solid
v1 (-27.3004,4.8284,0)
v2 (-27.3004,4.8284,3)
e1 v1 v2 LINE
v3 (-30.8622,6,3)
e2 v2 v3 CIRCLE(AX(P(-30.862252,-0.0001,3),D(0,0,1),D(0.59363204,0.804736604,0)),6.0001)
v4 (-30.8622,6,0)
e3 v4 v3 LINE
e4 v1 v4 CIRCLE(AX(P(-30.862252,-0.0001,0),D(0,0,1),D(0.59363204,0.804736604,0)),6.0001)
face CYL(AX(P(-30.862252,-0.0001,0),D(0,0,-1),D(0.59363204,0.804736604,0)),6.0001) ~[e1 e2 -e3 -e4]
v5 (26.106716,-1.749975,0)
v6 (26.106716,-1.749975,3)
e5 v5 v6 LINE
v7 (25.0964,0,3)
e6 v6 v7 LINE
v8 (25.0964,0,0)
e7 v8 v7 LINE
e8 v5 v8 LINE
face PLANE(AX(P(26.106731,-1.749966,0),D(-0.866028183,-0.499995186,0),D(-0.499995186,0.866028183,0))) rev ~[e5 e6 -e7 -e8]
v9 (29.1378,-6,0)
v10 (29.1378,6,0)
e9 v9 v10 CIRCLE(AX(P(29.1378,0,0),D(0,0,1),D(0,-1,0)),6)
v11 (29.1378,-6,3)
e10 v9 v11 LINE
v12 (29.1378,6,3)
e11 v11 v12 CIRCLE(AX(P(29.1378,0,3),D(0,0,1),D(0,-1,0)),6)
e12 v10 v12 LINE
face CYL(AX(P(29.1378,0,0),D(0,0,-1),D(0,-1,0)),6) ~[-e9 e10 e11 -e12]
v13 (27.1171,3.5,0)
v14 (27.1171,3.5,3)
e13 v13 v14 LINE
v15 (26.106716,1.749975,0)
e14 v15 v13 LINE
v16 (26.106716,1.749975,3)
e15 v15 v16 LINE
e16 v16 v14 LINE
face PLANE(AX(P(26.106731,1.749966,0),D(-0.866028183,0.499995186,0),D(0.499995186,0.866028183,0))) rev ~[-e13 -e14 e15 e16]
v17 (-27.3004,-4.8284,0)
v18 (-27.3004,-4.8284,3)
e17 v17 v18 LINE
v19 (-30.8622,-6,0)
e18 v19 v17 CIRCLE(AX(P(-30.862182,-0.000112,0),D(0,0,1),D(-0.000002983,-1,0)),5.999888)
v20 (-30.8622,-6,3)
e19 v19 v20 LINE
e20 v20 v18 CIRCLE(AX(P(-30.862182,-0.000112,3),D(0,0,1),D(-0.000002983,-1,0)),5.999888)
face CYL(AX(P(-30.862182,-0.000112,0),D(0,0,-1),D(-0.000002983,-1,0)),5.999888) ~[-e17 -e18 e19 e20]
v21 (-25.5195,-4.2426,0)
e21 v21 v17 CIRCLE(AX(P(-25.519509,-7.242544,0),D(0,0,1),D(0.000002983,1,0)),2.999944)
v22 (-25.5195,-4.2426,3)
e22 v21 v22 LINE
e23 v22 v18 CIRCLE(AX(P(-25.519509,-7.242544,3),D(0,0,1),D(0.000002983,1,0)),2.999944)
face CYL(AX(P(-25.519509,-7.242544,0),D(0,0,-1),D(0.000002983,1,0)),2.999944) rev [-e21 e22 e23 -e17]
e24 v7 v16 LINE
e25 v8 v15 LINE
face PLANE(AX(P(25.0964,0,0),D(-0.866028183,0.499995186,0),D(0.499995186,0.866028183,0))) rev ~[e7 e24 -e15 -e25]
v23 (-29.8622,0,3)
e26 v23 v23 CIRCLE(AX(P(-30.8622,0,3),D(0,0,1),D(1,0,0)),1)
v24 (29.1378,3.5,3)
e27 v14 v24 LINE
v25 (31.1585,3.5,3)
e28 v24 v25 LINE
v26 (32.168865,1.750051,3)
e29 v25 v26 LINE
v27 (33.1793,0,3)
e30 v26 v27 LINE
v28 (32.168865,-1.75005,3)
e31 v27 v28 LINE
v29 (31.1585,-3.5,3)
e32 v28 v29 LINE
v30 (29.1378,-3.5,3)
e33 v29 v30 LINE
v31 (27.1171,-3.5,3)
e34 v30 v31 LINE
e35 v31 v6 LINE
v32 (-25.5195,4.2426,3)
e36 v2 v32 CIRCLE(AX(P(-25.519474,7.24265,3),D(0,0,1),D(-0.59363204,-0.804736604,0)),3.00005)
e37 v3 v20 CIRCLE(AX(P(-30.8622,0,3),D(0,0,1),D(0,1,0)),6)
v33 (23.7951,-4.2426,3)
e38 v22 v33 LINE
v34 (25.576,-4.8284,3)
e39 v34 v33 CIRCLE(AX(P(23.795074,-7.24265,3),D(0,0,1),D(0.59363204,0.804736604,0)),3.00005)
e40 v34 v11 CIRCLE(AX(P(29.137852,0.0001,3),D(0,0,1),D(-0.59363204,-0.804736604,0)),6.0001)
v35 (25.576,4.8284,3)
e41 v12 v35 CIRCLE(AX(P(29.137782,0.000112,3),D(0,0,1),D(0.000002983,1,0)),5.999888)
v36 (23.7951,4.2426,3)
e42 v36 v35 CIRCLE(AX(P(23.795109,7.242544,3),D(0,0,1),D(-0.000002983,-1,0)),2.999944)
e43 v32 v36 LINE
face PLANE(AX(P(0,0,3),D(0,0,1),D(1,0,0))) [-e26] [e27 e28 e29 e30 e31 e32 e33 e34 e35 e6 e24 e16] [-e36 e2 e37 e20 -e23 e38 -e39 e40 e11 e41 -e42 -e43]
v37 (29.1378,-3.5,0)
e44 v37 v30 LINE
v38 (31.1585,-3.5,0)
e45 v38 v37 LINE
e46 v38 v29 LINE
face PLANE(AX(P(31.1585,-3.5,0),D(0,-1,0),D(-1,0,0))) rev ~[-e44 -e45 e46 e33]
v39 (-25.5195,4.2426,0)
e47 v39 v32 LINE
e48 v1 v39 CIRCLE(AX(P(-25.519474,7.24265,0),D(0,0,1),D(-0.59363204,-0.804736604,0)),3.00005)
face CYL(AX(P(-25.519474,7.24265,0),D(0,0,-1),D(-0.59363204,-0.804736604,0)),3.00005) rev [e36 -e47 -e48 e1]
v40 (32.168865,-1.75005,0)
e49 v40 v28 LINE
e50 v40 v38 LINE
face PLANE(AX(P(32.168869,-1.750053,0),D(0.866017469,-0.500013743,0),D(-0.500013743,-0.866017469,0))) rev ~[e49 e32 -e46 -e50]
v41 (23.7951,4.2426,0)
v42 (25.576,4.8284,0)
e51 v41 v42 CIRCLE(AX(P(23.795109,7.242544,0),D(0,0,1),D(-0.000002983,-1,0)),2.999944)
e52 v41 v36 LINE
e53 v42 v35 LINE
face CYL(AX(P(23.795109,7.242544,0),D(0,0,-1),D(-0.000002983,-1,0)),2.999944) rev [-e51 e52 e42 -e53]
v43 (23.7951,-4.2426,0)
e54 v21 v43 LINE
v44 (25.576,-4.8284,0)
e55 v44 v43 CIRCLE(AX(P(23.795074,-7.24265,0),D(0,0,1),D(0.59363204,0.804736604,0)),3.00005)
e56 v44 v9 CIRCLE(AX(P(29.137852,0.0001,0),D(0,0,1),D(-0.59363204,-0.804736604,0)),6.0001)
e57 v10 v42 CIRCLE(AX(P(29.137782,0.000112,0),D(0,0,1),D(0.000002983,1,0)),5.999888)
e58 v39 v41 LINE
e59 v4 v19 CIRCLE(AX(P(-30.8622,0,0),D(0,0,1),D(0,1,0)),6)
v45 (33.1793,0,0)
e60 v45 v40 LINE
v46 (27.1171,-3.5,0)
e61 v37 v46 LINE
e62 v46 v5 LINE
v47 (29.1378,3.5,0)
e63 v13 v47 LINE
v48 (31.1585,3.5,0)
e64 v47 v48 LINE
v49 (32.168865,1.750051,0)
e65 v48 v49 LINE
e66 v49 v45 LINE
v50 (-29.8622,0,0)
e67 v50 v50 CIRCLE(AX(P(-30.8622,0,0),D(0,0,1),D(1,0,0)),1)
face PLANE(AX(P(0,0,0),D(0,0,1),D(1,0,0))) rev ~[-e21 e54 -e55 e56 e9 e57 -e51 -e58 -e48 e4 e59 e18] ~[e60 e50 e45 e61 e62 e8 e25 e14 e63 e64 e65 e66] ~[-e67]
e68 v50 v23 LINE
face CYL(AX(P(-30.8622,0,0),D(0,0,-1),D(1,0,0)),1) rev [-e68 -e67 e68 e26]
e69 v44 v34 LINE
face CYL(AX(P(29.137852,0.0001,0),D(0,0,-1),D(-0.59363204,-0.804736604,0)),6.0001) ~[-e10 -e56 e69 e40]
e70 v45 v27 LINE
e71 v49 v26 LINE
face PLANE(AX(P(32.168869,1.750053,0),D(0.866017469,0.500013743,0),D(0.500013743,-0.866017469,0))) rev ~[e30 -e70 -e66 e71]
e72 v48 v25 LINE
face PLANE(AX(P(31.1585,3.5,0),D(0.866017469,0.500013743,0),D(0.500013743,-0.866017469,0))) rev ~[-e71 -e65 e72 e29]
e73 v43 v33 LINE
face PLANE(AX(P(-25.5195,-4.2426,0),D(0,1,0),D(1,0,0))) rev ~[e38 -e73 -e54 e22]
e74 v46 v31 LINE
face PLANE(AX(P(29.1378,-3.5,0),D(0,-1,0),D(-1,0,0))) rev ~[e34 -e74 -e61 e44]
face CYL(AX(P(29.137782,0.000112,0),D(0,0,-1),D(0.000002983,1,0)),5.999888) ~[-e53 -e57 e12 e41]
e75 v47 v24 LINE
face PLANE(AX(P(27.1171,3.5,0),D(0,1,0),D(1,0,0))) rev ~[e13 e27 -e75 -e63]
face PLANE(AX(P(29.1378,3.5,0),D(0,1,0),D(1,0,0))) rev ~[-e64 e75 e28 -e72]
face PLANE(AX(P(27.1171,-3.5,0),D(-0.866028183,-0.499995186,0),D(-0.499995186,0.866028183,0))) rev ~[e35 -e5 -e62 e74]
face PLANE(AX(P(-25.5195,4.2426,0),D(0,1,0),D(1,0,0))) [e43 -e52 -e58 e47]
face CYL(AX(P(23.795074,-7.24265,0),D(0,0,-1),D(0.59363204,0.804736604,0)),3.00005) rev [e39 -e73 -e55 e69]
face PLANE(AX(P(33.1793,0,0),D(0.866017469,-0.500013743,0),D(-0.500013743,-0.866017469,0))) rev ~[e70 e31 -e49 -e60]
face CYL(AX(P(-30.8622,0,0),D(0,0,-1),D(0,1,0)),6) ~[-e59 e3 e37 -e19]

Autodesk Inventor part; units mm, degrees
ref_plane "YZ Plane" through (0, 0, 0) normal (1, 0, 0) x (0, 1, 0)
ref_plane "XZ Plane" through (0, 0, 0) normal (0, 1, 0) x (-1, 0, 0)
ref_plane "XY Plane" through (0, 0, 0) normal (0, 0, 1) x (1, 0, 0)
sketch "Sketch1" plane through (0, 0, 0) normal (0, 0, 1) x (1, 0, 0)
  circle A0 centre (29.1378, 0) radius 3.5
  arc A1 (-30.8622, 6) -> (-30.8622, -6) centre (-30.8622, 0) ccw
  arc A2 (29.1378, -6) -> (29.1378, 6) centre (29.1378, 0) ccw
  arc A3 (-30.8622, -6) -> (-27.3004, -4.8284) centre (-30.8622, 0) ccw
  line L0 (-30.8622, 0) -> (-26.6195, -4.2426) construction
  line L1 (-30.8622, 0) -> (-30.8622, -6) construction
  arc A4 (-27.3004, 4.8284) -> (-30.8622, 6) centre (-30.8622, 0) ccw
  line L2 (-30.8622, 0) -> (-26.6195, 4.2426) construction
  line L3 (-30.8622, 0) -> (-30.8622, 6) construction
  arc A5 (29.1378, 6) -> (25.576, 4.8284) centre (29.1378, 0) ccw
  line L4 (29.1378, 0) -> (24.8952, 4.2426) construction
  line L5 (29.1378, 0) -> (29.1378, 6) construction
  arc A6 (25.576, -4.8284) -> (29.1378, -6) centre (29.1378, 0) ccw
  line L6 (29.1378, 0) -> (24.8952, -4.2426) construction
  line L7 (29.1378, 0) -> (29.1378, -6) construction
  line L8 (-25.5195, 4.2426) -> (23.7951, 4.2426)
  line L9 (-25.5195, -4.2426) -> (23.7951, -4.2426)
  arc A7 (-27.3004, 4.8284) -> (-25.5195, 4.2426) centre (-25.5195, 7.2426) ccw
  arc A8 (-25.5195, -4.2426) -> (-27.3004, -4.8284) centre (-25.5195, -7.2426) ccw
  arc A9 (23.7951, 4.2426) -> (25.576, 4.8284) centre (23.7951, 7.2426) ccw
  arc A10 (25.576, -4.8284) -> (23.7951, -4.2426) centre (23.7951, -7.2426) ccw
  line L10 (33.1793, 0) -> (31.1585, -3.5)
  line L11 (31.1585, -3.5) -> (27.1171, -3.5)
  line L12 (27.1171, -3.5) -> (25.0964, 0)
  line L13 (25.0964, 0) -> (27.1171, 3.5)
  line L14 (27.1171, 3.5) -> (31.1585, 3.5)
  line L15 (31.1585, 3.5) -> (33.1793, 0)
  circle A11 centre (-30.8622, 0) radius 1
  point P0 (0, 0)
  point P1 (24.8952, 4.2426)
  dimension "d1" = 7
  dimension "d2" = 60
  dimension "d3" = 6
  dimension "d4" = 6
  dimension "d5" = 45
  dimension "d6" = 45
  dimension "d7" = 45
  dimension "d8" = 45
  dimension "d9" = 3
  dimension "d17" = 2
extrude "Extrusion2" add sketch "Sketch1" along normal blind 3
properties part number "2P.03.01.18.ZW.AileronCrank"
